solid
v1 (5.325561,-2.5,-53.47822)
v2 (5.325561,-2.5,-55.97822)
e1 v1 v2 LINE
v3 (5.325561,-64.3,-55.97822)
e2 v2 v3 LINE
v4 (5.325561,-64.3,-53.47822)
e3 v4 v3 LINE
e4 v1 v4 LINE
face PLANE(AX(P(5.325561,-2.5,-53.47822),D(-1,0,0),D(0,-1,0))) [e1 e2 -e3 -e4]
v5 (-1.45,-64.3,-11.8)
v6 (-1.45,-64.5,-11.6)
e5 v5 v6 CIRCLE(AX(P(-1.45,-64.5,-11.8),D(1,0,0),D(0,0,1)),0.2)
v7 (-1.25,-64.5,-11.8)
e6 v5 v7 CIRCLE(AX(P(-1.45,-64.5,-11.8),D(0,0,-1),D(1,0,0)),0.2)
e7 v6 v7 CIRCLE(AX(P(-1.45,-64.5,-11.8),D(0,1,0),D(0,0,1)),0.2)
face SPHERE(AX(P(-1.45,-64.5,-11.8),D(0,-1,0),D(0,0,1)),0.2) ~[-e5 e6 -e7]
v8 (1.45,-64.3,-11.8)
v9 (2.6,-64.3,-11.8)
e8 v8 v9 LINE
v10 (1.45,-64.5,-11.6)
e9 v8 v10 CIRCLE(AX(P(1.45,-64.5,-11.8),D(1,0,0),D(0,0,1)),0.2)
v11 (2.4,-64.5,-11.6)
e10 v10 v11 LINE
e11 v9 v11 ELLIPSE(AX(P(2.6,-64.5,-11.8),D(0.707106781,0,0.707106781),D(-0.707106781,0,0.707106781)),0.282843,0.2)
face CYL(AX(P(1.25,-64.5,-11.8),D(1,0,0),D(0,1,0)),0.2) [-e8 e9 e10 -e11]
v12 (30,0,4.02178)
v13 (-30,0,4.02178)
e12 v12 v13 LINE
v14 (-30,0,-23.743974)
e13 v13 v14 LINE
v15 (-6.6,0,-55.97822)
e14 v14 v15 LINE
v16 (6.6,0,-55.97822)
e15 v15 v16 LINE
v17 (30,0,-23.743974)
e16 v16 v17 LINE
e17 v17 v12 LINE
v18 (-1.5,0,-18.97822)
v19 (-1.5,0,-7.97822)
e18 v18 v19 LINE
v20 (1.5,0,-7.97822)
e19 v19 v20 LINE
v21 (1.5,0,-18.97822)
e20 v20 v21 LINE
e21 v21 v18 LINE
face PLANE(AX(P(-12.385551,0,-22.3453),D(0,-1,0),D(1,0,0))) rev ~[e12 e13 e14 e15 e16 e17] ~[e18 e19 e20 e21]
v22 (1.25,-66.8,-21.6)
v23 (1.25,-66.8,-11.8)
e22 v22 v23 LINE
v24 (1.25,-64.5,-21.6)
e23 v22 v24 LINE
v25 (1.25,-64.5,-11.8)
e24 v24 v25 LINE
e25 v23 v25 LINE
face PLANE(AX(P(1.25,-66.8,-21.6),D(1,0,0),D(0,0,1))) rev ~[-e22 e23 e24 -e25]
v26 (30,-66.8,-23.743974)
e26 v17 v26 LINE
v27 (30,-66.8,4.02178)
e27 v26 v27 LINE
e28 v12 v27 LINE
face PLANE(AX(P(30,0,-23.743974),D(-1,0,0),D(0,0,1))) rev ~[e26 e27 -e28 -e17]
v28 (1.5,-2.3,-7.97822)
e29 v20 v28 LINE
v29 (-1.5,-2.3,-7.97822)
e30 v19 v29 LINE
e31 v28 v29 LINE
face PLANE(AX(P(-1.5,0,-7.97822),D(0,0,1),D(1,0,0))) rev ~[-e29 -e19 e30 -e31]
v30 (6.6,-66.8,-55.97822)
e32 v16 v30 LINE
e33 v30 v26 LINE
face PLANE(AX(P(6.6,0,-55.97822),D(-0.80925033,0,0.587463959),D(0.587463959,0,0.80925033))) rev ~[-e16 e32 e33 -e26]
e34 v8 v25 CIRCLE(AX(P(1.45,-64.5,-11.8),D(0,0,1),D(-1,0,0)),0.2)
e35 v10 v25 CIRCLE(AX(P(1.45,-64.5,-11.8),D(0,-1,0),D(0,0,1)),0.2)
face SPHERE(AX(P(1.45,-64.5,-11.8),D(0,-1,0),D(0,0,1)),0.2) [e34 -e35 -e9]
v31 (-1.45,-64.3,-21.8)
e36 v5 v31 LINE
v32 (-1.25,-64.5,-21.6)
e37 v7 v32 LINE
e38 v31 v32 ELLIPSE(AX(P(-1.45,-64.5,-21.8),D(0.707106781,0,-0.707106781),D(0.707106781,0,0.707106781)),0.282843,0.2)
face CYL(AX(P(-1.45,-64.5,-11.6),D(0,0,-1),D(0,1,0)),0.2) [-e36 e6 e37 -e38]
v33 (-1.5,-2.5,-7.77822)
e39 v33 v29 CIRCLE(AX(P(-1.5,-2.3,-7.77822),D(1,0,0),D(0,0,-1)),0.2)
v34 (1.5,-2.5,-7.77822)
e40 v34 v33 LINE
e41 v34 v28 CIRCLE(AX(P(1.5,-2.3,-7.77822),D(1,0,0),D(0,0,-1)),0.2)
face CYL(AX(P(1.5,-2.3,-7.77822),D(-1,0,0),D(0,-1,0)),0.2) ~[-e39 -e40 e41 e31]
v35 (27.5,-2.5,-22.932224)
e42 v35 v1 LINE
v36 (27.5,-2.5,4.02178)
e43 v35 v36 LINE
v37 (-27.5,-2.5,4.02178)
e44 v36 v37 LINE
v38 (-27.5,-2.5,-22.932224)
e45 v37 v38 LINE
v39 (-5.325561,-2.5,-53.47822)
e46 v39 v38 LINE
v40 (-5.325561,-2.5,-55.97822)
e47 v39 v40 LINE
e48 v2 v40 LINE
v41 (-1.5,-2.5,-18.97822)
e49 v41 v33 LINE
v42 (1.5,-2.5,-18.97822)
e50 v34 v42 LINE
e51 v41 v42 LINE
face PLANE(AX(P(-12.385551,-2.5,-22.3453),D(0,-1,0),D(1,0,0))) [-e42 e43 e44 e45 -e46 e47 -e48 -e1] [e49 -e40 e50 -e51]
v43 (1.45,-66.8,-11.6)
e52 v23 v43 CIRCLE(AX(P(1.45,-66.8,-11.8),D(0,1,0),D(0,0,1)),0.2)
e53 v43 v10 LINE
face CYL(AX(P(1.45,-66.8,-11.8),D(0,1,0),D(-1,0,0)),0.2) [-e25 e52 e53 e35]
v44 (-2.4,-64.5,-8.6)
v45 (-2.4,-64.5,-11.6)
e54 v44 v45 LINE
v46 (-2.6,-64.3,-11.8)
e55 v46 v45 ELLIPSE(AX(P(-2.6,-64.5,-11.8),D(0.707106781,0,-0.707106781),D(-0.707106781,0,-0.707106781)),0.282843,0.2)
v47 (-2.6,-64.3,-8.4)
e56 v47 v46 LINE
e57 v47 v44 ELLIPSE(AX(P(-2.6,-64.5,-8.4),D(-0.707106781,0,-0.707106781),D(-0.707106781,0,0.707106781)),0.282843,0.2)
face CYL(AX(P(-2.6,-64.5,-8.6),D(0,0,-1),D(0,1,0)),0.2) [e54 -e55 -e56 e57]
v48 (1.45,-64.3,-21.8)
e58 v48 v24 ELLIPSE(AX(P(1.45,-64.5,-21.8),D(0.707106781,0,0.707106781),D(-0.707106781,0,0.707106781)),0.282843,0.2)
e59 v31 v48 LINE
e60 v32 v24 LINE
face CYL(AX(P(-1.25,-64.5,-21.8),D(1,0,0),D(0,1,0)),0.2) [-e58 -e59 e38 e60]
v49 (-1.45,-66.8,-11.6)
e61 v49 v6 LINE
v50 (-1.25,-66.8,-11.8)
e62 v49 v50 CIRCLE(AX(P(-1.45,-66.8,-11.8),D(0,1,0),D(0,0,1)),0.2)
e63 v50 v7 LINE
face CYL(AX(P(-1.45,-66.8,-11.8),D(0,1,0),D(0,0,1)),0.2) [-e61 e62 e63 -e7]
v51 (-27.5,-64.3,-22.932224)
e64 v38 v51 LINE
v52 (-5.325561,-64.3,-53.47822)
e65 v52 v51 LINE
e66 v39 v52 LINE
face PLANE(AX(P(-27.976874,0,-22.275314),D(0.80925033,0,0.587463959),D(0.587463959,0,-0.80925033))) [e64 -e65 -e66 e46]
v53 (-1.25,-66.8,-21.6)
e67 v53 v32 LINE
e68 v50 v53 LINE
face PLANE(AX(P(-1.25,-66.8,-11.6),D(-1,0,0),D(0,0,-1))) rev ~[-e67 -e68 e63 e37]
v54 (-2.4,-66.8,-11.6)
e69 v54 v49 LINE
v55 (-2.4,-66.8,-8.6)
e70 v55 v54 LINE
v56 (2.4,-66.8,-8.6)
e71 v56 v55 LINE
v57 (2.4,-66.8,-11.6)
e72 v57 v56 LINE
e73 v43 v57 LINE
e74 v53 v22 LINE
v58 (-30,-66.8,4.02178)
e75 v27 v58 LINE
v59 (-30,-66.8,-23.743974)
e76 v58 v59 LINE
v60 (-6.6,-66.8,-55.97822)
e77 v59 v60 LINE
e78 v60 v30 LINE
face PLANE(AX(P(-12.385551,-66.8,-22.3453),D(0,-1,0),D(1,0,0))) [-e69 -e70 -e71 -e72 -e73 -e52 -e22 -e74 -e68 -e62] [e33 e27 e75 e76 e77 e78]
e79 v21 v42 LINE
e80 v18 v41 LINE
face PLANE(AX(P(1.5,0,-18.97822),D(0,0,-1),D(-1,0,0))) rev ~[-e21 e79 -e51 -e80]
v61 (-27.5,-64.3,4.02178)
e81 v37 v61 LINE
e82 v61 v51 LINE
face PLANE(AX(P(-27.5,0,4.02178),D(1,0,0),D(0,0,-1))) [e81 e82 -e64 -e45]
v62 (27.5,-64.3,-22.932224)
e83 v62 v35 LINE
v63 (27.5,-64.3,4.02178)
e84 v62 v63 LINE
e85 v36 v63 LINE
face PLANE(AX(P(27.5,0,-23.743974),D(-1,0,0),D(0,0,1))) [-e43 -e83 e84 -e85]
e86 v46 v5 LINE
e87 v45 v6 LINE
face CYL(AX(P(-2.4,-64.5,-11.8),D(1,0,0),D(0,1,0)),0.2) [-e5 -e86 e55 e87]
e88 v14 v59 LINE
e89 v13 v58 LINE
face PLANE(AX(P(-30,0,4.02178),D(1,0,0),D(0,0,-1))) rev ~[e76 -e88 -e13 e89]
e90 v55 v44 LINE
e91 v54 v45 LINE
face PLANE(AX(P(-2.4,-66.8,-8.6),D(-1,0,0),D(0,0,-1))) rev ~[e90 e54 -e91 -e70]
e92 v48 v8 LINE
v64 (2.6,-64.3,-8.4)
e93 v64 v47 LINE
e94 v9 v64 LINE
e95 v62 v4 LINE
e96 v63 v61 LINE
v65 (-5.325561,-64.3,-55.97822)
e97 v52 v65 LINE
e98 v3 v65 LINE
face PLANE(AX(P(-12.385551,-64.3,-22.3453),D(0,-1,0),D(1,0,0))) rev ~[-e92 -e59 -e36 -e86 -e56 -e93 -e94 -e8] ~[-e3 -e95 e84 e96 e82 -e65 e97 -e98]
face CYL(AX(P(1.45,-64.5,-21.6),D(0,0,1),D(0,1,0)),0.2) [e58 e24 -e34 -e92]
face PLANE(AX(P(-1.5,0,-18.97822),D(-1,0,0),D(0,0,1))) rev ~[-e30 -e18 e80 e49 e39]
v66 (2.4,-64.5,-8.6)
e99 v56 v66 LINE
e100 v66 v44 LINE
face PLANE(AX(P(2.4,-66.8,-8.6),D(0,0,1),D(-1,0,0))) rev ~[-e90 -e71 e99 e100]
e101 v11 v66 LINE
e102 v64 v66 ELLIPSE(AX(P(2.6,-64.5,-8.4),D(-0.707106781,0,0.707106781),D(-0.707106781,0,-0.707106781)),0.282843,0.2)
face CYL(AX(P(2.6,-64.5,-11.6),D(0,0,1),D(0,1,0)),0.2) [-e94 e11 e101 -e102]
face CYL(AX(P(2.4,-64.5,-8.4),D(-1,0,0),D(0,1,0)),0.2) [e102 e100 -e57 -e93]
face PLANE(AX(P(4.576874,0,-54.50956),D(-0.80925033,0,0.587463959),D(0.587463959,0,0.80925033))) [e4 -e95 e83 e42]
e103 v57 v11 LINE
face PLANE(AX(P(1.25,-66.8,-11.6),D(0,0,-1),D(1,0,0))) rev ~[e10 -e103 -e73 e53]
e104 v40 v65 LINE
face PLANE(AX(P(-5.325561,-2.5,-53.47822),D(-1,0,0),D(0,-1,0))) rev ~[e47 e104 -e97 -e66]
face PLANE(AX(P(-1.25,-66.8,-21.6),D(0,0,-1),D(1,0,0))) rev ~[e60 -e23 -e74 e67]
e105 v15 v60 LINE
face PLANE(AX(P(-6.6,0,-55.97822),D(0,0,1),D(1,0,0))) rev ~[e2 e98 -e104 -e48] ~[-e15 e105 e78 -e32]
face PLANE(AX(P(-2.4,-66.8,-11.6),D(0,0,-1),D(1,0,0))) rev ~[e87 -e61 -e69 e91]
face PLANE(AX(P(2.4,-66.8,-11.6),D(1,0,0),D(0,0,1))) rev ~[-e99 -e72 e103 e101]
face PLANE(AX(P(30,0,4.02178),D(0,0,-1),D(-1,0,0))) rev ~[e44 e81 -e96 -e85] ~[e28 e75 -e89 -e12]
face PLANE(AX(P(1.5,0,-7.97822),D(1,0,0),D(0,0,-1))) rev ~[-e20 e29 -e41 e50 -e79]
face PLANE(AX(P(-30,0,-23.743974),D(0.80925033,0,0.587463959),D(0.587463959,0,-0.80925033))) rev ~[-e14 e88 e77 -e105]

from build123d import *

# Parameters (mm, degrees)
F1_DEPTH = 66.8
F2_T     = -2.5
F3_DEPTH = 25
F5_DEPTH = 25
F6_R     = 0.2
F8_DEPTH = 25
F9_R     = 0.2


with BuildPart() as f1:
    # F0 (on Front) → F1 (new body)
    with BuildSketch(Plane.XZ):
        Polygon((0, -55.9782199562), (0, 4.0217800438), (-30, 4.0217800438), (-30, -23.7439740449), (-6.6, -55.9782199562), align=None)
        Polygon((30, 4.0217800438), (0, 4.0217800438), (0, -55.9782199562), (6.6, -55.9782199562), (30, -23.7439740449), align=None)
    extrude(amount=F1_DEPTH)

    # F2
    f2_openings = [f1.faces().sort_by_distance(p)[0] for p in [
        (0, -33.4, 4.02178),
    ]]
    offset(amount=F2_T, openings=f2_openings)

    # F3 (cut): a face of the model
    f3_faces = [f1.faces().sort_by_distance(p)[0] for p in [
        (0, -33.4, -53.4782199562),
    ]]
    extrude(f3_faces, amount=-F3_DEPTH, mode=Mode.SUBTRACT)

    # F4 (on face) → F5 (cut)
    with BuildSketch(Plane.XZ.offset(66.8)):
        Polygon((-2.4, -8.6), (-2.4, -11.6), (-1.25, -11.6), (-1.25, -21.6), (0, -21.6), (0, -8.6), align=None)
        Polygon((2.4, -8.6), (0, -8.6), (0, -21.6), (1.25, -21.6), (1.25, -11.6), (2.4, -11.6), align=None)
    extrude(amount=-F5_DEPTH, mode=Mode.SUBTRACT)

    # F6
    f6_edges = [f1.edges().sort_by_distance(p)[0] for p in [
        (1.25, -65.55, -11.6),
        (-1.25, -65.55, -11.6),
        (0, -64.3, -8.6),
        (2.4, -64.3, -10.1),
        (1.825, -64.3, -11.6),
        (1.25, -64.3, -16.6),
        (-2.4, -64.3, -10.1),
        (-1.825, -64.3, -11.6),
        (0, -64.3, -21.6),
        (-1.25, -64.3, -16.6),
    ]]
    fillet(f6_edges, radius=F6_R)

    # F7 (on face) → F8 (cut)
    with BuildSketch(Plane(origin=(0, 0, 0), x_dir=(-1, 0, 0), z_dir=(0, 1, 0))):
        Polygon((1.5, -7.9782199562), (0, -7.9782199562), (-1.5, -7.9782199562), (-1.5, -18.9782199562), (0, -18.9782199562), (1.5, -18.9782199562), align=None)
    extrude(amount=-F8_DEPTH, mode=Mode.SUBTRACT)

    # F9
    f9_edges = [f1.edges().sort_by_distance(p)[0] for p in [
        (0, -2.5, -7.97822),
    ]]
    fillet(f9_edges, radius=F9_R)


solid = f1.part
